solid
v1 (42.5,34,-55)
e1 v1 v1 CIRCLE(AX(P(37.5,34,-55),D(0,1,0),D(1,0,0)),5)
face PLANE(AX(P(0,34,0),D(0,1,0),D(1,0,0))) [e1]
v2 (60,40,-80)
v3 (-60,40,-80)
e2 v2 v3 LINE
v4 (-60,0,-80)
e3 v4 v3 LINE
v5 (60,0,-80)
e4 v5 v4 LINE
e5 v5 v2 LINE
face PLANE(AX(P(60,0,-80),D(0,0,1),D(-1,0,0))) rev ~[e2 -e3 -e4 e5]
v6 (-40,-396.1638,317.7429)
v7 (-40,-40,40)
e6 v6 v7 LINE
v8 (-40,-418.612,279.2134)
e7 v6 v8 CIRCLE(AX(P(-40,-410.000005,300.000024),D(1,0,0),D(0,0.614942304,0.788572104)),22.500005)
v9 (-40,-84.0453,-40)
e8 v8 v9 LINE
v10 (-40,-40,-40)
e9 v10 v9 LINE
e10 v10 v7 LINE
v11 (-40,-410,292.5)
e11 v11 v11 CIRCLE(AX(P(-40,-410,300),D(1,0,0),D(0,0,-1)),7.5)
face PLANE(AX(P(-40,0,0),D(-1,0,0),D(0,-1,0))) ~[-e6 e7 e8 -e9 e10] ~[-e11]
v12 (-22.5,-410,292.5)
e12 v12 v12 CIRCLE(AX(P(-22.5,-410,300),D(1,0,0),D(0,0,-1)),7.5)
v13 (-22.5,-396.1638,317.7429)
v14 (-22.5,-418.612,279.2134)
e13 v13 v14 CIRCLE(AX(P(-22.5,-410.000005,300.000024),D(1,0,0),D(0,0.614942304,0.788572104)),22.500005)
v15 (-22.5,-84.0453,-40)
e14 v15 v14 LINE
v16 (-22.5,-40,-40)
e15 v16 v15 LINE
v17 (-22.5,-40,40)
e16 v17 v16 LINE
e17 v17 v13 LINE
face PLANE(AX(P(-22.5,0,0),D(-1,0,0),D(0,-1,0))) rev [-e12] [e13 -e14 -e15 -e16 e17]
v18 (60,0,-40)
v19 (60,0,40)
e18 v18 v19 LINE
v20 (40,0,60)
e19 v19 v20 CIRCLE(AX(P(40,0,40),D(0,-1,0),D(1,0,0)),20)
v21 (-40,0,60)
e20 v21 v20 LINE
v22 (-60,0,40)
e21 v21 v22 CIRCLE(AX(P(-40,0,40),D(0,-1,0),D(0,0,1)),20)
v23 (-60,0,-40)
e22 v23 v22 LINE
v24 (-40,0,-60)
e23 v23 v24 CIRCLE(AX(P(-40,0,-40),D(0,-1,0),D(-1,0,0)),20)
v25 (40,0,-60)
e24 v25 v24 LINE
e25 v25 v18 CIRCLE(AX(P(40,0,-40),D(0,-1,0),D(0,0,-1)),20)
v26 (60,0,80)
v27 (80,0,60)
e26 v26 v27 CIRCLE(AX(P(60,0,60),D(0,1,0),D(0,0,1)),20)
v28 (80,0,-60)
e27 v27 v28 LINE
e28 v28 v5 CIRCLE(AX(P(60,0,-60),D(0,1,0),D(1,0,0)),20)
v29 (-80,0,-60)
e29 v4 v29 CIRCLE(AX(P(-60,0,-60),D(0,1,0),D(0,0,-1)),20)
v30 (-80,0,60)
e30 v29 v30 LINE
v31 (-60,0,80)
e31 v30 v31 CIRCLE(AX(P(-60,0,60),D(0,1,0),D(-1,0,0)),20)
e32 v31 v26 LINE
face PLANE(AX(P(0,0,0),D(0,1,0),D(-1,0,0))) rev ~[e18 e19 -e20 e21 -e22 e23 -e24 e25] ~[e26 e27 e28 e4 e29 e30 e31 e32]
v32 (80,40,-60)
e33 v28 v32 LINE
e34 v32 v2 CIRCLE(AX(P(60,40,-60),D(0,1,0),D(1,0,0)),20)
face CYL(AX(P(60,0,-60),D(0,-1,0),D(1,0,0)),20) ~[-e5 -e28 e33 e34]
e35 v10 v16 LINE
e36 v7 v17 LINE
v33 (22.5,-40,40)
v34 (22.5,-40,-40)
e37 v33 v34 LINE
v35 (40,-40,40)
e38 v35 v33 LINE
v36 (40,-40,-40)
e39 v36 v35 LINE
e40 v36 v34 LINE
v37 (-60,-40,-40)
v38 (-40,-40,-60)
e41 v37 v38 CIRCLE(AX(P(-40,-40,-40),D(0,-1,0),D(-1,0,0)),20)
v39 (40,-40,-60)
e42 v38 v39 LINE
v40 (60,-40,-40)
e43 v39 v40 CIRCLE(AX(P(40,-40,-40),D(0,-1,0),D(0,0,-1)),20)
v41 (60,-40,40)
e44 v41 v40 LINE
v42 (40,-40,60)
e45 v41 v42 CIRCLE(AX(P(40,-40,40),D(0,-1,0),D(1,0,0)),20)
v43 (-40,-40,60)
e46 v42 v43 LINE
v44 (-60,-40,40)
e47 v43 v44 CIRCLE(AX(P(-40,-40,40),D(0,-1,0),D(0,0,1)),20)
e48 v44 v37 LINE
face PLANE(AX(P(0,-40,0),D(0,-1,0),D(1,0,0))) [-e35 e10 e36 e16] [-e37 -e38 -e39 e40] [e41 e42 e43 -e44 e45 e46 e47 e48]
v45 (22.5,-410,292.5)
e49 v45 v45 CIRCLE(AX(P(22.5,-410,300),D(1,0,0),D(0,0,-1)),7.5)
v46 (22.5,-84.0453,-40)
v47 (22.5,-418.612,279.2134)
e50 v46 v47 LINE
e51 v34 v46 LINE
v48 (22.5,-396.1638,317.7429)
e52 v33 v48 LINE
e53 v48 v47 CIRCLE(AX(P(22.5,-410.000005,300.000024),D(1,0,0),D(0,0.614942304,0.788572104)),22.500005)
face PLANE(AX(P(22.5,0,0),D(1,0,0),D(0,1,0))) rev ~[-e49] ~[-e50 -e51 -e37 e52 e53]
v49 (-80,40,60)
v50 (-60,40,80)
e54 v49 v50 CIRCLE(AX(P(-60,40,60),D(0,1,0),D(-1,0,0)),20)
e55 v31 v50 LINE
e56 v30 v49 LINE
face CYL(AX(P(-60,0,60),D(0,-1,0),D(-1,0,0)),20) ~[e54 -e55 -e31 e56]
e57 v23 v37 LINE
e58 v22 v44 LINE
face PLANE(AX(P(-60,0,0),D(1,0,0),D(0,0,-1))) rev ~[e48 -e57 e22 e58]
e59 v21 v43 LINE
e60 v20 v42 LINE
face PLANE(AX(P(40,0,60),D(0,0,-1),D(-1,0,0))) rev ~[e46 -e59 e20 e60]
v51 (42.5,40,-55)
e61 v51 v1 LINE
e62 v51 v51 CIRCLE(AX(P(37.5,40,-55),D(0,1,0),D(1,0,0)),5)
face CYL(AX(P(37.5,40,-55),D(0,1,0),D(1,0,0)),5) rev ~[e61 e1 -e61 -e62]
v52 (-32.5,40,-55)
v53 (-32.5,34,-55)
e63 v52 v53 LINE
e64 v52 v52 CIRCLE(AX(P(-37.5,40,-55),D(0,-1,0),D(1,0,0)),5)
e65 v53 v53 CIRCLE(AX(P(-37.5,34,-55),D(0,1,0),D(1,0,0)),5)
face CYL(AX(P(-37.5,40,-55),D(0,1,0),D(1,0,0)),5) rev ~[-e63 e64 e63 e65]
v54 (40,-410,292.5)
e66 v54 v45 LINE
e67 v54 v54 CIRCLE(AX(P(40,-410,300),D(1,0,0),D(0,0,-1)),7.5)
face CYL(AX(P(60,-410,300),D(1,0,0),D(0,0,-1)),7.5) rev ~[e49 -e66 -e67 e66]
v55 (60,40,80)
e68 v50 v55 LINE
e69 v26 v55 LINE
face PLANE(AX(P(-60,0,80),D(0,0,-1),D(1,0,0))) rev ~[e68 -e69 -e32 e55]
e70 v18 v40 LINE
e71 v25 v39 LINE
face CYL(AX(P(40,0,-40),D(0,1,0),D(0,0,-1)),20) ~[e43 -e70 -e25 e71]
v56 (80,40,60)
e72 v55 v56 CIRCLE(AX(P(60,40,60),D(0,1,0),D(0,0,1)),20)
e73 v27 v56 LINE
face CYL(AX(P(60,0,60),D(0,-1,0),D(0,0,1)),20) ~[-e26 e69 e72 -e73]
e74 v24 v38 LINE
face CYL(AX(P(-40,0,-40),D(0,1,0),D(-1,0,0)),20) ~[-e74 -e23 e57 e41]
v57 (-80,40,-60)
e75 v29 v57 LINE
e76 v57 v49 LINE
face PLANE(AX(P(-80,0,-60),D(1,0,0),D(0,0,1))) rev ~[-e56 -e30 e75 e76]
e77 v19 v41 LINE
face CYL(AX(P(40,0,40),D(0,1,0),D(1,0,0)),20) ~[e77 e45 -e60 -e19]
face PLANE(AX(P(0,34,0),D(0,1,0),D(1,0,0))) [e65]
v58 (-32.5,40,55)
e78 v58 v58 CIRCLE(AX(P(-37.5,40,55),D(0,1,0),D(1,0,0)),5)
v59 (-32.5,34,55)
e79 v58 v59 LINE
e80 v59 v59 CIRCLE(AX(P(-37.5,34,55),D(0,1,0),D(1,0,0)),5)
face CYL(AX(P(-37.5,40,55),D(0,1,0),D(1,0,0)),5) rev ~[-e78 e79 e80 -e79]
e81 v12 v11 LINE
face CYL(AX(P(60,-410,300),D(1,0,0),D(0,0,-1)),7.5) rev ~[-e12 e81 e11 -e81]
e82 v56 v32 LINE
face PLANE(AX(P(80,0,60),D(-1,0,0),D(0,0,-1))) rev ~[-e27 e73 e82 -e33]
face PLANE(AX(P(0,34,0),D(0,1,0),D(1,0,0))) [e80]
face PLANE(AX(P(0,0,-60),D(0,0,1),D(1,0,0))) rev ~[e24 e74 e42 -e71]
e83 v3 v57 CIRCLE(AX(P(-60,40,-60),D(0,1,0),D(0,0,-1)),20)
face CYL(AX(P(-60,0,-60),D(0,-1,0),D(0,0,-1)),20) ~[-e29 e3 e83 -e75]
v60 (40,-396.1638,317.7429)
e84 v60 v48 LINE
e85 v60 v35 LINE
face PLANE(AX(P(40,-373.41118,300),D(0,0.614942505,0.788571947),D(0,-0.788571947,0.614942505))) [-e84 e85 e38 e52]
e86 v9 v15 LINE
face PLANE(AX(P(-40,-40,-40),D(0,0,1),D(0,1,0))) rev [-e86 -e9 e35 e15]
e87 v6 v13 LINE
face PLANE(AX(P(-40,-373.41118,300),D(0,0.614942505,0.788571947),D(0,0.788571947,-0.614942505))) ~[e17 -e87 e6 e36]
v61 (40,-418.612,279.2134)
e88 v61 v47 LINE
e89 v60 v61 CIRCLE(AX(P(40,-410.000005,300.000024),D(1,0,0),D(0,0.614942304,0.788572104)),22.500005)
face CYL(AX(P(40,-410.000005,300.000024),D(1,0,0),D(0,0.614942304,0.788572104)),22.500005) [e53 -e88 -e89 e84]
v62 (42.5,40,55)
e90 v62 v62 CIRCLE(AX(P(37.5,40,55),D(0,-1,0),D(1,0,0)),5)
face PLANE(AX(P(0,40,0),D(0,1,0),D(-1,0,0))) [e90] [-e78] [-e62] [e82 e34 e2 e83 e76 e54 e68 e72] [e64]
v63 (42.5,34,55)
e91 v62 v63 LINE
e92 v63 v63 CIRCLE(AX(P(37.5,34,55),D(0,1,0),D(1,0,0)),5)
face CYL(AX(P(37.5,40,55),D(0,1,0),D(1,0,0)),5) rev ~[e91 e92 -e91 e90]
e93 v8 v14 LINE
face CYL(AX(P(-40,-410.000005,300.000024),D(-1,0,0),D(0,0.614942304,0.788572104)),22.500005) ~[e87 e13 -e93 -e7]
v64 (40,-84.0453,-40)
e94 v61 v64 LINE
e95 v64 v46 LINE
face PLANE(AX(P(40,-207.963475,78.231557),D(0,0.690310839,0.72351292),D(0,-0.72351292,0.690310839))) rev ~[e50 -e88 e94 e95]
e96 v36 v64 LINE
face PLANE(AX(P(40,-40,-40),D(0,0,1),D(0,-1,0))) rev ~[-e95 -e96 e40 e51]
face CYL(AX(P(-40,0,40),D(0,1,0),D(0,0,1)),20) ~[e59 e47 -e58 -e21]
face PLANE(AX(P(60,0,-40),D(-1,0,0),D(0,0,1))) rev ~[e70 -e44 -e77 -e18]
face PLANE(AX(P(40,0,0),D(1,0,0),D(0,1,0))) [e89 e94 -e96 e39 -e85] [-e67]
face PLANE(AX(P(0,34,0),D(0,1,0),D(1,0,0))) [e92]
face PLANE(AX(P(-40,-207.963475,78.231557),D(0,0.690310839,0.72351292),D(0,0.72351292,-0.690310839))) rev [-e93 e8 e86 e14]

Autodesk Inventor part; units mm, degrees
ref_plane "XZ Plane" through (0, 0, 0) normal (0, 1, 0) x (-1, 0, 0)
ref_plane "XY Plane" through (0, 0, 0) normal (0, 0, 1) x (1, 0, 0)
sketch "Sketch1" plane through (0, 0, 0) normal (0, 1, 0) x (-1, 0, 0)
  line L0 (-60, -80) -> (60, -80)
  line L1 (80, -60) -> (80, 60)
  line L2 (60, 80) -> (-60, 80)
  line L3 (-80, 60) -> (-80, -60)
  line L4 (-80, -80) -> (80, 80) construction
  line L5 (80, -80) -> (-80, 80) construction
  arc A0 (80, 60) -> (60, 80) centre (60, 60) ccw
  arc A1 (-60, 80) -> (-80, 60) centre (-60, 60) ccw
  arc A2 (-80, -60) -> (-60, -80) centre (-60, -60) ccw
  arc A3 (60, -80) -> (80, -60) centre (60, -60) ccw
  point P0 (0, 0)
  dimension "d0" = 160
  dimension "d1" = 160
  dimension "d2" = 20
extrude "Extrusion1" add sketch "Sketch1" along normal blind 40
sketch "Sketch2" plane through (0, 0, 0) normal (0, -1, 0) x (1, 0, 0)
  line L0 (-55, -52.5) -> (55, 52.5) construction
  line L1 (55, -52.5) -> (-55, 52.5) construction
  line L2 (90.8825, 0) -> (-87.3629, 0)
  line L3 (0, 94.4084) -> (0, -106.3516)
  line L4 (-40, -60) -> (40, -60)
  line L5 (60, -40) -> (60, 40)
  line L6 (40, 60) -> (-40, 60)
  line L7 (-60, 40) -> (-60, -40)
  line L8 (-60, -60) -> (60, 60) construction
  line L9 (60, -60) -> (-60, 60) construction
  line L10 (60, 60) -> (41.9971, 60)
  line L11 (60, -60) -> (41.9971, -60)
  line L12 (60, 60) -> (60, 71.6594)
  line L13 (60, -60) -> (60, -69.6689)
  arc A0 (60, 40) -> (40, 60) centre (40, 40) ccw
  arc A1 (-40, 60) -> (-60, 40) centre (-40, 40) ccw
  arc A2 (-60, -40) -> (-40, -60) centre (-40, -40) ccw
  arc A3 (40, -60) -> (60, -40) centre (40, -40) ccw
  point P0 (0, 0)
  dimension "d23" = 60
  dimension "d25" = 60
  dimension "d26" = 20
extrude "Extrusion2" add sketch "Sketch2" along normal blind 40
sketch "Sketch3" plane through (0, 40, 0) normal (0, 1, 0) x (1, 0, 0)
  circle A0 centre (-37.5, -55) radius 5
  circle A1 centre (37.5, -55) radius 5
  line L0 (-35.6722, 52.5) -> (-19.5402, 52.5)
  line L1 (0, 83.5001) -> (0, -85.7722)
  line L2 (-75.2069, 0) -> (80.66, 0)
  line L3 (-37.5, -55) -> (37.5, -55)
  line L4 (-37.5, -55) -> (-37.5, -56.2391)
  line L5 (37.5, -55) -> (37.5, -56.2391)
  circle A2 centre (-37.5, 55) radius 5
  circle A3 centre (37.5, 55) radius 5
  point P0 (0, 0)
  dimension "d15" = 37.5
  dimension "d16" = 37.5
  dimension "d17" = 55
  dimension "d20" = 10
  dimension "d21" = 10
extrude "Extrusion3" cut sketch "Sketch3" against normal blind 6
ref_plane "Work Plane1" through (40, 0, 0) normal (1, 0, 0) x (0, 1, 0)
sketch "Sketch4" plane through (40, 0, 0) normal (1, 0, 0) x (0, 1, 0)
  arc A0 (-396.1638, 317.7429) -> (-418.612, 279.2134) centre (-410, 300) ccw
  circle A1 centre (-410, 300) radius 300
  line L0 (-40, -40) -> (-40, 40) projected
  line L1 (40, 60) -> (40, -60) projected
  line L2 (63.9503, 0) -> (-247.3631, 0)
  line L3 (-410, 300) -> (-214.4005, 300)
  line L4 (-40, -40) -> (-84.0453, -40)
  line L5 (-40, 40) -> (-40, -40)
  line L6 (-40, 40) -> (-396.1638, 317.7429)
  line L7 (-84.0453, -40) -> (-418.612, 279.2134)
  point P0 (0, 0)
  point P1 (-131.6551, 40.5657)
  dimension "d28" = 45
  dimension "d29" = 600
  dimension "d30" = 450
  dimension "d31" = 300
extrude "Extrusion4" add sketch "Sketch4" against normal blind 17.5 contours L6 A1 L7 A0 | A1 L6 L0 L2 L7 | L2 L0 L4 L7 picked at (-333.3289, 219.1483)
mirror "Mirror1" about plane through (0, 0, 0) normal (1, 0, 0) of "Extrusion4"
sketch "Sketch5" plane through (60, 0, 40) normal (1, 0, 0) x (0, 0, -1)
  arc A0 (-277.7429, -396.1638) -> (-239.2134, -418.612) centre (-260, -410) ccw projected
  circle A1 centre (-260, -410) radius 7.5
  point P0 (40, 0)
  dimension "d35" = 15
extrude "Extrusion5" cut sketch "Sketch5" against normal through all
properties part number "Plate2" material "Polyethylene, High Density"
